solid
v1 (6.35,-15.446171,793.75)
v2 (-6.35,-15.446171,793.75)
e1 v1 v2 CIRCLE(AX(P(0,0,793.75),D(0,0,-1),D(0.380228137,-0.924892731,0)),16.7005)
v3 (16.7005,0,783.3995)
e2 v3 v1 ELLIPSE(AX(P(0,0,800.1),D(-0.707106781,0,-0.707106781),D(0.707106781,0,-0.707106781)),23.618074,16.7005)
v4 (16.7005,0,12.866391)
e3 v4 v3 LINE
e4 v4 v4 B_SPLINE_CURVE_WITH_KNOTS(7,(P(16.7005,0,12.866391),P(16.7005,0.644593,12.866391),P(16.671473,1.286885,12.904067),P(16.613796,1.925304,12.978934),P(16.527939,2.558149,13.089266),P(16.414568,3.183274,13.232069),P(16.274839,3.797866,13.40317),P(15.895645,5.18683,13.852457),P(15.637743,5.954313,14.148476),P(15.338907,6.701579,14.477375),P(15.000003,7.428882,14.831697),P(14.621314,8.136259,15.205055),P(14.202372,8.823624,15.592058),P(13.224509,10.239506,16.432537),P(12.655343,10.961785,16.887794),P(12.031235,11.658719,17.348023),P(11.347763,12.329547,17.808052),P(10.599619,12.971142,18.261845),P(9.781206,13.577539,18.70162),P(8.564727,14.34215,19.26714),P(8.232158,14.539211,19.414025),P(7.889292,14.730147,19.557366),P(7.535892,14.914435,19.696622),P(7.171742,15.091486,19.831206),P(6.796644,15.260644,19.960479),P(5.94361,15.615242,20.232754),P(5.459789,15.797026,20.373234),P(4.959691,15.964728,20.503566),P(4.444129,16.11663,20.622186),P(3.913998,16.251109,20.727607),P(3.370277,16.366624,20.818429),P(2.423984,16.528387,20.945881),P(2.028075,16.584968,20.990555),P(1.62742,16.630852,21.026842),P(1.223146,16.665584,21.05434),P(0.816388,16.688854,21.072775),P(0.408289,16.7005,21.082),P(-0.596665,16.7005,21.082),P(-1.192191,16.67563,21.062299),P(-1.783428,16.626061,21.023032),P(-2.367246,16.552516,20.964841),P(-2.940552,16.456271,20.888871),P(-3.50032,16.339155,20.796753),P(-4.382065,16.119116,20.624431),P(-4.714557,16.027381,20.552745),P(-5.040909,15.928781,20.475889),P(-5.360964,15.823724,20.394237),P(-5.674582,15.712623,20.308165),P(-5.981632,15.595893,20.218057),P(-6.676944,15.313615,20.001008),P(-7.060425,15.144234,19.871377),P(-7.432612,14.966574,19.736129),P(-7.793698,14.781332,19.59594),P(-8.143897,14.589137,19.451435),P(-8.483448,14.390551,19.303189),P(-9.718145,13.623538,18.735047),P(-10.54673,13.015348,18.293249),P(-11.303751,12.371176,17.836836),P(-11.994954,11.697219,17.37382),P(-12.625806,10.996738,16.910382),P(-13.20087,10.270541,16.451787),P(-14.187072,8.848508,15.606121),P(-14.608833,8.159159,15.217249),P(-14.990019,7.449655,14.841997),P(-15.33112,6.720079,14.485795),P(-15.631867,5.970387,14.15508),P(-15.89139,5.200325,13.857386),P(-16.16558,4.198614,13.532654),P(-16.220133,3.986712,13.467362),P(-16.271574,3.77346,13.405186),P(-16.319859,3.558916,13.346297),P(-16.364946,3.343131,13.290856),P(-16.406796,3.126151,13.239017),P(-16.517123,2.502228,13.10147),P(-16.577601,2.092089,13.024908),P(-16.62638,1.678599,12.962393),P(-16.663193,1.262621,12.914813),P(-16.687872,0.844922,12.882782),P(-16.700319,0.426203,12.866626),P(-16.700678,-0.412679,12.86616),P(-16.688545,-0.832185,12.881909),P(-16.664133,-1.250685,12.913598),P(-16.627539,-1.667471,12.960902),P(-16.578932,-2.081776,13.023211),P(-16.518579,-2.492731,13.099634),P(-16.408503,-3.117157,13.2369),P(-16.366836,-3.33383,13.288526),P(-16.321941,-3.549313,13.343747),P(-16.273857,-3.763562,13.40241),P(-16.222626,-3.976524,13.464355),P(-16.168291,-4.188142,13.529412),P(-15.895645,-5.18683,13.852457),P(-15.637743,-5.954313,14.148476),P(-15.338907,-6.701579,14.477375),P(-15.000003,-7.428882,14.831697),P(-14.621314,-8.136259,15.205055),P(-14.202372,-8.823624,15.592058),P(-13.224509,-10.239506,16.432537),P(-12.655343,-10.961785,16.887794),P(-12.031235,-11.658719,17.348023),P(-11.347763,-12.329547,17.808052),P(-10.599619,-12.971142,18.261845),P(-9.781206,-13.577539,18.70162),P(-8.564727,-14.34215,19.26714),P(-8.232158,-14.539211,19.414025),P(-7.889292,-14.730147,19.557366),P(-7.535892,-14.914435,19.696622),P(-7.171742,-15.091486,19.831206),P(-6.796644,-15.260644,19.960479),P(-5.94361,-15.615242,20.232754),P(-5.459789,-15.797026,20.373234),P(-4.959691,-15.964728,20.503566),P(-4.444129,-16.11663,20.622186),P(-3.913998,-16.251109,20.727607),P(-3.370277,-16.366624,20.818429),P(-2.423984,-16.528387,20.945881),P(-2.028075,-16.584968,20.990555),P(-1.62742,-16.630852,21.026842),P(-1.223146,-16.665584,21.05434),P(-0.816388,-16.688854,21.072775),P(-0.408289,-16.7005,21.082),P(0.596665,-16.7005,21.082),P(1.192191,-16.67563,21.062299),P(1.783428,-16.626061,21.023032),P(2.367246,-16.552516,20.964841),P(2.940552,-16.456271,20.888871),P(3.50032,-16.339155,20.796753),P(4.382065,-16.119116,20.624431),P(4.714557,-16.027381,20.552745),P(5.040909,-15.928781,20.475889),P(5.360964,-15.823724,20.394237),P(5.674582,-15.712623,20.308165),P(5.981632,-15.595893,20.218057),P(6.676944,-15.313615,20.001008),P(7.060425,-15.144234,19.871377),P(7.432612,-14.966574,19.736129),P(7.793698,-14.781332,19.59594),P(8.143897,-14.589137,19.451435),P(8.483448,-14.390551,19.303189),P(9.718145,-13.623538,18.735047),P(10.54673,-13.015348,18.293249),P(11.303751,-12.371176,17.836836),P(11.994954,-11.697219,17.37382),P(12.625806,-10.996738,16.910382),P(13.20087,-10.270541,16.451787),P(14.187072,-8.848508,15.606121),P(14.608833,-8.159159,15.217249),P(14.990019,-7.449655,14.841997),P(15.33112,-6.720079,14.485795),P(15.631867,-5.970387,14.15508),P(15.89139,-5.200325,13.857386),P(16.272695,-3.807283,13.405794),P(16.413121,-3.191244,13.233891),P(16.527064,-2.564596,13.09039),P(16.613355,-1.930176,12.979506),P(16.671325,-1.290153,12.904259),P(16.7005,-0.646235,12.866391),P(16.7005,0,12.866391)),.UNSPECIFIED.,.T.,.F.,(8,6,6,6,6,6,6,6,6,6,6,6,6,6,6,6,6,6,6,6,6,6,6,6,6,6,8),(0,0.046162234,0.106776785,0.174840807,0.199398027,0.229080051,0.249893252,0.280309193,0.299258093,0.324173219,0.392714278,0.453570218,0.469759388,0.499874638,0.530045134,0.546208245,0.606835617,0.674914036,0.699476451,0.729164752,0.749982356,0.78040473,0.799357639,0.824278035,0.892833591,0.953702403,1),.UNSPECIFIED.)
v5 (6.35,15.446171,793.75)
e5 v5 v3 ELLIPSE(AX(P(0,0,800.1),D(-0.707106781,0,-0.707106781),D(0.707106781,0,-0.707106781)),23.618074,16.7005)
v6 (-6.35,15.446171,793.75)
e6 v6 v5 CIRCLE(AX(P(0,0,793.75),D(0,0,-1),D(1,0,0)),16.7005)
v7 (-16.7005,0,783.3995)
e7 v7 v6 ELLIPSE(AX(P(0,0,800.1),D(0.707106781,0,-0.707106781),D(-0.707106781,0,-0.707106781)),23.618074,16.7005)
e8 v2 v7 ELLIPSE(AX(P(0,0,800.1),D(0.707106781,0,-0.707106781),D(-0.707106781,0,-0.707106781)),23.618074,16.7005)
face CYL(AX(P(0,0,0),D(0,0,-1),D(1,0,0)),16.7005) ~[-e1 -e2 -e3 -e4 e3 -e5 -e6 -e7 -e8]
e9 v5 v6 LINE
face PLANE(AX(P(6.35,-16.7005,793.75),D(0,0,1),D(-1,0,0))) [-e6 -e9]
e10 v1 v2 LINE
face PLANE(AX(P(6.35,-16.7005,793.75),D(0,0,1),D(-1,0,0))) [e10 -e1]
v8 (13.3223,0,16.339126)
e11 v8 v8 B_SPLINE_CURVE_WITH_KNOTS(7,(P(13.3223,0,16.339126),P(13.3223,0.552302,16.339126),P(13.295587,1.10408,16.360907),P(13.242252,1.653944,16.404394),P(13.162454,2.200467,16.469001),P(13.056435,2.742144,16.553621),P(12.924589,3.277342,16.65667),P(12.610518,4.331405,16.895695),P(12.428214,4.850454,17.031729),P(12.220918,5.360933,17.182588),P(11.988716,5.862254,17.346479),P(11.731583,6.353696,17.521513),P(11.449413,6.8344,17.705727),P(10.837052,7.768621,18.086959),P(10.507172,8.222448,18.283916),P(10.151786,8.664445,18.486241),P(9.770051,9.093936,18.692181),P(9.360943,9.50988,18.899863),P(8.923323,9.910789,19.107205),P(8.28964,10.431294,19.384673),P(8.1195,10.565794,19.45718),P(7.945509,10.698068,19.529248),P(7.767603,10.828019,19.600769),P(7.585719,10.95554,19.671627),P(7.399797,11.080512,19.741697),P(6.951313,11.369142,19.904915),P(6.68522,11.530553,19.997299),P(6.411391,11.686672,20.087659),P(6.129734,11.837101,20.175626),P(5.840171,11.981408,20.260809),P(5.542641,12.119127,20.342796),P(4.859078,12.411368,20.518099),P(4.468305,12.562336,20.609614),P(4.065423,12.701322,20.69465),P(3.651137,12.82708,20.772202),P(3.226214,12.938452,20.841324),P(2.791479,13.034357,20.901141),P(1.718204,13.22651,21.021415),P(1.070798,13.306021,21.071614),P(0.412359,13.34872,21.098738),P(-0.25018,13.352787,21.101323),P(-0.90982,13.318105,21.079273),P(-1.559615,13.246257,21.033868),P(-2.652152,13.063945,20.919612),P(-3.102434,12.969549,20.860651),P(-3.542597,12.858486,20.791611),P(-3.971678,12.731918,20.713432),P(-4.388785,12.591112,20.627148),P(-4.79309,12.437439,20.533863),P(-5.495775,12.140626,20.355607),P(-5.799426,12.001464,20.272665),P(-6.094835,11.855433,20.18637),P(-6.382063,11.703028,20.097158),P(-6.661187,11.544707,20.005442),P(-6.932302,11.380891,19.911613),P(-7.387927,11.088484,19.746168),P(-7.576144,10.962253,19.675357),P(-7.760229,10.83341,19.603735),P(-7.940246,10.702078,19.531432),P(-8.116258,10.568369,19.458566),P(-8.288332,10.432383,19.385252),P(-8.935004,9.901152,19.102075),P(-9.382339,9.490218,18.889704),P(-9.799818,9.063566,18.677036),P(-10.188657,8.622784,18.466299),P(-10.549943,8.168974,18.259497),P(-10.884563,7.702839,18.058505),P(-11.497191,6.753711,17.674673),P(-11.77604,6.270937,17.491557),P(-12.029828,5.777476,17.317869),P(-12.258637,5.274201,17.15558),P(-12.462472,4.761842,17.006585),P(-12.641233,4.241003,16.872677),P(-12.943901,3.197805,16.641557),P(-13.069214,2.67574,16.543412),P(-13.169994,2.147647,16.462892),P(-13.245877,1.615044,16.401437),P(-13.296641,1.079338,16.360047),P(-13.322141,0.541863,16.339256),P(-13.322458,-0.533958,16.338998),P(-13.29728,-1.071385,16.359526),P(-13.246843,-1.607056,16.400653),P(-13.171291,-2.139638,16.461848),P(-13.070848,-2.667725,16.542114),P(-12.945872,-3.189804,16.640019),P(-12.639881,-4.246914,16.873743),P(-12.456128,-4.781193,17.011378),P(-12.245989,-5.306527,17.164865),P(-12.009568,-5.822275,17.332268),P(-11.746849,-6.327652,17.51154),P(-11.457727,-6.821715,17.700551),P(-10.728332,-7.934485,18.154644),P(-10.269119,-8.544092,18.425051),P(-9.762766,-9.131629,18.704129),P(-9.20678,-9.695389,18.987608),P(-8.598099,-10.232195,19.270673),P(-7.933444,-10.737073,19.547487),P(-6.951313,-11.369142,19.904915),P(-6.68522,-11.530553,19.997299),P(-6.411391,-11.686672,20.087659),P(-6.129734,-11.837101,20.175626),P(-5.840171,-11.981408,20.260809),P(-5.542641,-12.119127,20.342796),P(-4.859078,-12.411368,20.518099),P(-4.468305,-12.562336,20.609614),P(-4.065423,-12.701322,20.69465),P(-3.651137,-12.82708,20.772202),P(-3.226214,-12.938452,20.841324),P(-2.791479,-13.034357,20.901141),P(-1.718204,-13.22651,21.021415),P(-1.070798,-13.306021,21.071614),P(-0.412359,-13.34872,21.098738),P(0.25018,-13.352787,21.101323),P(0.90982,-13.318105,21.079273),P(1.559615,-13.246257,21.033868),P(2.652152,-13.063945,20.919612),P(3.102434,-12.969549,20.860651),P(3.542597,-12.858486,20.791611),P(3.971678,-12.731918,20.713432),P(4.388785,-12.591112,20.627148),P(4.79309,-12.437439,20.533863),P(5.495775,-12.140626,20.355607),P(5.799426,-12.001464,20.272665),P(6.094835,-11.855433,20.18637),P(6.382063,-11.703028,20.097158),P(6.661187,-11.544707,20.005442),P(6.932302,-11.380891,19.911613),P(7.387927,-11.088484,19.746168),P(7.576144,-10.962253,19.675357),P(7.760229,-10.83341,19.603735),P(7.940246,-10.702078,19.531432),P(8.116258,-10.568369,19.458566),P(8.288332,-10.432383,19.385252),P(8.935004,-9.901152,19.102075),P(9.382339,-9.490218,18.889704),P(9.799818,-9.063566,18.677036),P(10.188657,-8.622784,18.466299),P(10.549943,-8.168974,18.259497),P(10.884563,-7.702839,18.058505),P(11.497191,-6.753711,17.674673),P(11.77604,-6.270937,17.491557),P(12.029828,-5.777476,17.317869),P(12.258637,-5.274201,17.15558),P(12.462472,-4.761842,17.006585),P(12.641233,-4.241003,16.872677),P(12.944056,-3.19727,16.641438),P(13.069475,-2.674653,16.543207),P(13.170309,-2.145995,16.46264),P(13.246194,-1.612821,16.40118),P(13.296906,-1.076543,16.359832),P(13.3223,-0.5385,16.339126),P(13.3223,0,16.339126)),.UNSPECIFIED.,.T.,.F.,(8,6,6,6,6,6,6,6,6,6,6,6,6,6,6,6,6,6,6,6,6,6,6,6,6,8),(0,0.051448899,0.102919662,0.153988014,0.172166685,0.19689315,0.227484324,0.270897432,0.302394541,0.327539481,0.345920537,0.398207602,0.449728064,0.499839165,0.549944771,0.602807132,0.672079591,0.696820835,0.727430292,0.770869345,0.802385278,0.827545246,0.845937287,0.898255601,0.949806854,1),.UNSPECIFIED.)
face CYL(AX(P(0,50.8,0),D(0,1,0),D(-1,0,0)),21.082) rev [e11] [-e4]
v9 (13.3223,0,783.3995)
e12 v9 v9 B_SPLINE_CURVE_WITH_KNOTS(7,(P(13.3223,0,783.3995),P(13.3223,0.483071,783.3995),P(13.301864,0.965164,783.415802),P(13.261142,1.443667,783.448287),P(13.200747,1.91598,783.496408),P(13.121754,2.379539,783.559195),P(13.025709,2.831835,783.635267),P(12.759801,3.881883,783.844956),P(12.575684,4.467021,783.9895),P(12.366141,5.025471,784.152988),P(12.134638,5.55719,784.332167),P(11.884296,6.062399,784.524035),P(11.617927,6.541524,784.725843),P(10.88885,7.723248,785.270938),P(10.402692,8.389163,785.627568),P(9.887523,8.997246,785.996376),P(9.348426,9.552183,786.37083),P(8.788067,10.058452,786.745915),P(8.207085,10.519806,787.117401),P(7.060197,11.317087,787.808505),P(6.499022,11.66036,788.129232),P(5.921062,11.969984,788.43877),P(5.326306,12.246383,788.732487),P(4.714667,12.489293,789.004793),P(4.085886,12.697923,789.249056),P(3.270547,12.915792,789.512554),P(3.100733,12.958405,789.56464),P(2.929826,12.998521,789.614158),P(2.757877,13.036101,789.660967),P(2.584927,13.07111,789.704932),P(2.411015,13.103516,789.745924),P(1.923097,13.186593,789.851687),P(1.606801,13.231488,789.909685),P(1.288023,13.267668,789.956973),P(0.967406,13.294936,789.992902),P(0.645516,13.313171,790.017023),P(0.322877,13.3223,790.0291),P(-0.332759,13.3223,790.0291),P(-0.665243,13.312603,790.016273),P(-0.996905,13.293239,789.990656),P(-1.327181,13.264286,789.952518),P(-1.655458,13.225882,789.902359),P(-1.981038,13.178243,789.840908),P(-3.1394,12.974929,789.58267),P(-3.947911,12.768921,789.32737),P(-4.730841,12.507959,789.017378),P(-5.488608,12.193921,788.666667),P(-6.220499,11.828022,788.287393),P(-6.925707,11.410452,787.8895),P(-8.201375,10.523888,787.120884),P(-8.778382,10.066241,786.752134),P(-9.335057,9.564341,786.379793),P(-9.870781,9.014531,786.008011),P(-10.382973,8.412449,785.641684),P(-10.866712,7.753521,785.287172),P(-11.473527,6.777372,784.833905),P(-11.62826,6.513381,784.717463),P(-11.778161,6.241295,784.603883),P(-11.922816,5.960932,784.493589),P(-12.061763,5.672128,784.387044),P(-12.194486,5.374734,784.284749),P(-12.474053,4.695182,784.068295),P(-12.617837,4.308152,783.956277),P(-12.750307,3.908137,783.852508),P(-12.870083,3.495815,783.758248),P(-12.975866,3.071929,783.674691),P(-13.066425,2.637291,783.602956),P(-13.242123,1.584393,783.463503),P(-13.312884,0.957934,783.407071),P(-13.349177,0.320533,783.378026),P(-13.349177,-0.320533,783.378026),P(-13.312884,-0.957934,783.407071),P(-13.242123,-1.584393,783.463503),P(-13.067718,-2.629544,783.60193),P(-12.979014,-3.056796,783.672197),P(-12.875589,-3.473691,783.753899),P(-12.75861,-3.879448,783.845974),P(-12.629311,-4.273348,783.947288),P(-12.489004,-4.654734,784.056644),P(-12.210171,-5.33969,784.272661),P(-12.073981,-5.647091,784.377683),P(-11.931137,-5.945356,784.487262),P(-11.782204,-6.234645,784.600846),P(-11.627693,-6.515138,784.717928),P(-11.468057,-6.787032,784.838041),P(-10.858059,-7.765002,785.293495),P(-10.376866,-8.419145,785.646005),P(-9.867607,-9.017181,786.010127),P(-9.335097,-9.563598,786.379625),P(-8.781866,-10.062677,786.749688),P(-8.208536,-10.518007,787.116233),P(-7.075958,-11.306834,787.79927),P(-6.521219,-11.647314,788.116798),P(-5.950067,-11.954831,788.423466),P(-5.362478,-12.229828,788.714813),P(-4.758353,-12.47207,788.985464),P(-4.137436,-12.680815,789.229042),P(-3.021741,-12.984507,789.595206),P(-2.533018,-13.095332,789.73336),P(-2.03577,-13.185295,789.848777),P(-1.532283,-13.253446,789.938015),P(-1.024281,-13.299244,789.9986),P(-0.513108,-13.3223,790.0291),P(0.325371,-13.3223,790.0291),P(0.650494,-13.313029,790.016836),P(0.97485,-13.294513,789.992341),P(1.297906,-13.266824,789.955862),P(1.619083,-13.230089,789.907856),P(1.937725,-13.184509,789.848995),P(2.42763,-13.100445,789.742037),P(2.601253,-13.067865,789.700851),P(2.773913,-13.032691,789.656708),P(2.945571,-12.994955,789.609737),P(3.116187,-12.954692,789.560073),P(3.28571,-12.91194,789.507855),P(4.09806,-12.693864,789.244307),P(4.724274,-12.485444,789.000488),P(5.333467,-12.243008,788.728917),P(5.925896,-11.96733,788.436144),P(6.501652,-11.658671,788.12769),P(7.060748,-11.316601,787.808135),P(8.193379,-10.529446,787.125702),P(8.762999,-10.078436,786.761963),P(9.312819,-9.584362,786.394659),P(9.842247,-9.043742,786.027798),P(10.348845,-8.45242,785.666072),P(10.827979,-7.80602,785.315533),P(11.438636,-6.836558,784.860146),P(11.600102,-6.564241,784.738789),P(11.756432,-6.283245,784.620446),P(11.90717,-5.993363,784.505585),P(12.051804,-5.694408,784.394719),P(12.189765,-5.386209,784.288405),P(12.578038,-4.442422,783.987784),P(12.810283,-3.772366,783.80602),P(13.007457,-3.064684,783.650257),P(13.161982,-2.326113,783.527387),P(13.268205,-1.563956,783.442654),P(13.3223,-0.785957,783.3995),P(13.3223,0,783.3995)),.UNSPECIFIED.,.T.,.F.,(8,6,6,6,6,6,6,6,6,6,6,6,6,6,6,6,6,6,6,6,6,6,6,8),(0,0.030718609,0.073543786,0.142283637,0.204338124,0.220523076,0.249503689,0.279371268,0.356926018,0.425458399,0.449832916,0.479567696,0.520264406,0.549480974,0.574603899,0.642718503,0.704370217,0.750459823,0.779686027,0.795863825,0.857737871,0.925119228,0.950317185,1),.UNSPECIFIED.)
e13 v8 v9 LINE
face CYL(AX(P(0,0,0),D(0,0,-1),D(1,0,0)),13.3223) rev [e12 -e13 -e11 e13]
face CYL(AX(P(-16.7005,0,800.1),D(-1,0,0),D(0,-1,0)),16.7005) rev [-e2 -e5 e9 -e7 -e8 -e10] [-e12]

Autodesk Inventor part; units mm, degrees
ref_plane "Start plane" through (0, 0, 0) normal (0, 0, 1) x (1, 0, 0)
ref_plane "End plane" through (0, 0, 800.1) normal (0, 0, 1) x (1, 0, 0)
sketch "Sketch" plane through (0, 0, 0) normal (0, 0, 1) x (1, 0, 0)
  circle A0 centre (0, 0) radius 13.3223
  circle A1 centre (0, 0) radius 16.7005
  dimension "d0" = 33.401
  dimension "d1" = 3.3782
extrude "Body" add sketch "Sketch" along normal up to surface (800.1 mm away) from surface at 0
sketch "Sketch3" plane through (0, 0, 0) normal (0, 0, 1) x (1, 0, 0)
  line L0 (0, 0) -> (10, 0)
ref_plane "Work Plane3" through (0, 0, 0) normal (0, -1, 0) x (1, 0, 0)
sketch "Sketch4" plane through (0, 0, 0) normal (0, -1, 0) x (1, 0, 0)
  line L0 (-2, 0) -> (12, 0)
  line L1 (-2, 800.1) -> (12, 800.1)
  dimension "d7" = 800.1
ref_plane "Work Plane4" through (0, 50.8, 0) normal (0, -1, 0) x (-1, 0, 0)
ref_plane "Work Plane5" through (0, -50.8, 0) normal (0, -1, 0) x (-1, 0, 0)
ref_plane "Work Plane6" through (0, 0, 0) normal (0, -1, 0) x (-1, 0, 0)
sketch "Sketch5" plane through (0, 0, 0) normal (0, -1, 0) x (-1, 0, 0)
  circle A0 centre (0, 0) radius 21.082
  circle A1 centre (0, 0) radius 17.526
extrude "Extrusion2" cut sketch "Sketch5" along normal up to surface (101.6 mm away) from surface at -50.8 contours A0 | A1
ref_plane "Work Plane7" through (-16.7005, 0, 0) normal (1, 0, 0) x (0, 1, 0)
sketch "Sketch6" plane through (-16.7005, 0, 0) normal (1, 0, 0) x (0, 1, 0)
  line L0 (-16.7005, 800.1) -> (16.7005, 800.1) projected
  arc A0 (-16.7005, 800.1) -> (16.7005, 800.1) centre (0, 800.1) ccw
  point P0 (0, 0)
extrude "Extrusion3" cut sketch "Sketch6" along normal through all
ref_plane "Work Plane8" through (0, -16.7005, 0) normal (0, 1, 0) x (-1, 0, 0)
sketch "Sketch7" plane through (0, -16.7005, 0) normal (0, 1, 0) x (-1, 0, 0)
  line L0 (-16.7005, 783.3995) -> (0, 800.1) projected
  line L1 (0, 800.1) -> (16.7005, 783.3995) projected
  line L2 (-6.35, 793.75) -> (6.35, 793.75)
  point P0 (0, 0)
  dimension "d12" = 6.35
extrude "Extrusion4" cut sketch "Sketch7" along normal through all
equation "\"d0\" = G_H"
equation "\"d1\" = G_T"
equation "\"d2\" = G_L"
equation "\"G_H\" = 33.401"
equation "\"G_T\" = 3.3782"
equation "\"G_L\" = d7"
equation "\"G_OFFSET_START\" = 0"
equation "\"G_OFFSET_END\" = 0"
equation "\"d5\" = G_OFFSET_END + B_L"
equation "\"B_L\" = 800.1"
properties part number "ANSI - 1 x 0.133 - 31.5" material "Aluminum 6061"
